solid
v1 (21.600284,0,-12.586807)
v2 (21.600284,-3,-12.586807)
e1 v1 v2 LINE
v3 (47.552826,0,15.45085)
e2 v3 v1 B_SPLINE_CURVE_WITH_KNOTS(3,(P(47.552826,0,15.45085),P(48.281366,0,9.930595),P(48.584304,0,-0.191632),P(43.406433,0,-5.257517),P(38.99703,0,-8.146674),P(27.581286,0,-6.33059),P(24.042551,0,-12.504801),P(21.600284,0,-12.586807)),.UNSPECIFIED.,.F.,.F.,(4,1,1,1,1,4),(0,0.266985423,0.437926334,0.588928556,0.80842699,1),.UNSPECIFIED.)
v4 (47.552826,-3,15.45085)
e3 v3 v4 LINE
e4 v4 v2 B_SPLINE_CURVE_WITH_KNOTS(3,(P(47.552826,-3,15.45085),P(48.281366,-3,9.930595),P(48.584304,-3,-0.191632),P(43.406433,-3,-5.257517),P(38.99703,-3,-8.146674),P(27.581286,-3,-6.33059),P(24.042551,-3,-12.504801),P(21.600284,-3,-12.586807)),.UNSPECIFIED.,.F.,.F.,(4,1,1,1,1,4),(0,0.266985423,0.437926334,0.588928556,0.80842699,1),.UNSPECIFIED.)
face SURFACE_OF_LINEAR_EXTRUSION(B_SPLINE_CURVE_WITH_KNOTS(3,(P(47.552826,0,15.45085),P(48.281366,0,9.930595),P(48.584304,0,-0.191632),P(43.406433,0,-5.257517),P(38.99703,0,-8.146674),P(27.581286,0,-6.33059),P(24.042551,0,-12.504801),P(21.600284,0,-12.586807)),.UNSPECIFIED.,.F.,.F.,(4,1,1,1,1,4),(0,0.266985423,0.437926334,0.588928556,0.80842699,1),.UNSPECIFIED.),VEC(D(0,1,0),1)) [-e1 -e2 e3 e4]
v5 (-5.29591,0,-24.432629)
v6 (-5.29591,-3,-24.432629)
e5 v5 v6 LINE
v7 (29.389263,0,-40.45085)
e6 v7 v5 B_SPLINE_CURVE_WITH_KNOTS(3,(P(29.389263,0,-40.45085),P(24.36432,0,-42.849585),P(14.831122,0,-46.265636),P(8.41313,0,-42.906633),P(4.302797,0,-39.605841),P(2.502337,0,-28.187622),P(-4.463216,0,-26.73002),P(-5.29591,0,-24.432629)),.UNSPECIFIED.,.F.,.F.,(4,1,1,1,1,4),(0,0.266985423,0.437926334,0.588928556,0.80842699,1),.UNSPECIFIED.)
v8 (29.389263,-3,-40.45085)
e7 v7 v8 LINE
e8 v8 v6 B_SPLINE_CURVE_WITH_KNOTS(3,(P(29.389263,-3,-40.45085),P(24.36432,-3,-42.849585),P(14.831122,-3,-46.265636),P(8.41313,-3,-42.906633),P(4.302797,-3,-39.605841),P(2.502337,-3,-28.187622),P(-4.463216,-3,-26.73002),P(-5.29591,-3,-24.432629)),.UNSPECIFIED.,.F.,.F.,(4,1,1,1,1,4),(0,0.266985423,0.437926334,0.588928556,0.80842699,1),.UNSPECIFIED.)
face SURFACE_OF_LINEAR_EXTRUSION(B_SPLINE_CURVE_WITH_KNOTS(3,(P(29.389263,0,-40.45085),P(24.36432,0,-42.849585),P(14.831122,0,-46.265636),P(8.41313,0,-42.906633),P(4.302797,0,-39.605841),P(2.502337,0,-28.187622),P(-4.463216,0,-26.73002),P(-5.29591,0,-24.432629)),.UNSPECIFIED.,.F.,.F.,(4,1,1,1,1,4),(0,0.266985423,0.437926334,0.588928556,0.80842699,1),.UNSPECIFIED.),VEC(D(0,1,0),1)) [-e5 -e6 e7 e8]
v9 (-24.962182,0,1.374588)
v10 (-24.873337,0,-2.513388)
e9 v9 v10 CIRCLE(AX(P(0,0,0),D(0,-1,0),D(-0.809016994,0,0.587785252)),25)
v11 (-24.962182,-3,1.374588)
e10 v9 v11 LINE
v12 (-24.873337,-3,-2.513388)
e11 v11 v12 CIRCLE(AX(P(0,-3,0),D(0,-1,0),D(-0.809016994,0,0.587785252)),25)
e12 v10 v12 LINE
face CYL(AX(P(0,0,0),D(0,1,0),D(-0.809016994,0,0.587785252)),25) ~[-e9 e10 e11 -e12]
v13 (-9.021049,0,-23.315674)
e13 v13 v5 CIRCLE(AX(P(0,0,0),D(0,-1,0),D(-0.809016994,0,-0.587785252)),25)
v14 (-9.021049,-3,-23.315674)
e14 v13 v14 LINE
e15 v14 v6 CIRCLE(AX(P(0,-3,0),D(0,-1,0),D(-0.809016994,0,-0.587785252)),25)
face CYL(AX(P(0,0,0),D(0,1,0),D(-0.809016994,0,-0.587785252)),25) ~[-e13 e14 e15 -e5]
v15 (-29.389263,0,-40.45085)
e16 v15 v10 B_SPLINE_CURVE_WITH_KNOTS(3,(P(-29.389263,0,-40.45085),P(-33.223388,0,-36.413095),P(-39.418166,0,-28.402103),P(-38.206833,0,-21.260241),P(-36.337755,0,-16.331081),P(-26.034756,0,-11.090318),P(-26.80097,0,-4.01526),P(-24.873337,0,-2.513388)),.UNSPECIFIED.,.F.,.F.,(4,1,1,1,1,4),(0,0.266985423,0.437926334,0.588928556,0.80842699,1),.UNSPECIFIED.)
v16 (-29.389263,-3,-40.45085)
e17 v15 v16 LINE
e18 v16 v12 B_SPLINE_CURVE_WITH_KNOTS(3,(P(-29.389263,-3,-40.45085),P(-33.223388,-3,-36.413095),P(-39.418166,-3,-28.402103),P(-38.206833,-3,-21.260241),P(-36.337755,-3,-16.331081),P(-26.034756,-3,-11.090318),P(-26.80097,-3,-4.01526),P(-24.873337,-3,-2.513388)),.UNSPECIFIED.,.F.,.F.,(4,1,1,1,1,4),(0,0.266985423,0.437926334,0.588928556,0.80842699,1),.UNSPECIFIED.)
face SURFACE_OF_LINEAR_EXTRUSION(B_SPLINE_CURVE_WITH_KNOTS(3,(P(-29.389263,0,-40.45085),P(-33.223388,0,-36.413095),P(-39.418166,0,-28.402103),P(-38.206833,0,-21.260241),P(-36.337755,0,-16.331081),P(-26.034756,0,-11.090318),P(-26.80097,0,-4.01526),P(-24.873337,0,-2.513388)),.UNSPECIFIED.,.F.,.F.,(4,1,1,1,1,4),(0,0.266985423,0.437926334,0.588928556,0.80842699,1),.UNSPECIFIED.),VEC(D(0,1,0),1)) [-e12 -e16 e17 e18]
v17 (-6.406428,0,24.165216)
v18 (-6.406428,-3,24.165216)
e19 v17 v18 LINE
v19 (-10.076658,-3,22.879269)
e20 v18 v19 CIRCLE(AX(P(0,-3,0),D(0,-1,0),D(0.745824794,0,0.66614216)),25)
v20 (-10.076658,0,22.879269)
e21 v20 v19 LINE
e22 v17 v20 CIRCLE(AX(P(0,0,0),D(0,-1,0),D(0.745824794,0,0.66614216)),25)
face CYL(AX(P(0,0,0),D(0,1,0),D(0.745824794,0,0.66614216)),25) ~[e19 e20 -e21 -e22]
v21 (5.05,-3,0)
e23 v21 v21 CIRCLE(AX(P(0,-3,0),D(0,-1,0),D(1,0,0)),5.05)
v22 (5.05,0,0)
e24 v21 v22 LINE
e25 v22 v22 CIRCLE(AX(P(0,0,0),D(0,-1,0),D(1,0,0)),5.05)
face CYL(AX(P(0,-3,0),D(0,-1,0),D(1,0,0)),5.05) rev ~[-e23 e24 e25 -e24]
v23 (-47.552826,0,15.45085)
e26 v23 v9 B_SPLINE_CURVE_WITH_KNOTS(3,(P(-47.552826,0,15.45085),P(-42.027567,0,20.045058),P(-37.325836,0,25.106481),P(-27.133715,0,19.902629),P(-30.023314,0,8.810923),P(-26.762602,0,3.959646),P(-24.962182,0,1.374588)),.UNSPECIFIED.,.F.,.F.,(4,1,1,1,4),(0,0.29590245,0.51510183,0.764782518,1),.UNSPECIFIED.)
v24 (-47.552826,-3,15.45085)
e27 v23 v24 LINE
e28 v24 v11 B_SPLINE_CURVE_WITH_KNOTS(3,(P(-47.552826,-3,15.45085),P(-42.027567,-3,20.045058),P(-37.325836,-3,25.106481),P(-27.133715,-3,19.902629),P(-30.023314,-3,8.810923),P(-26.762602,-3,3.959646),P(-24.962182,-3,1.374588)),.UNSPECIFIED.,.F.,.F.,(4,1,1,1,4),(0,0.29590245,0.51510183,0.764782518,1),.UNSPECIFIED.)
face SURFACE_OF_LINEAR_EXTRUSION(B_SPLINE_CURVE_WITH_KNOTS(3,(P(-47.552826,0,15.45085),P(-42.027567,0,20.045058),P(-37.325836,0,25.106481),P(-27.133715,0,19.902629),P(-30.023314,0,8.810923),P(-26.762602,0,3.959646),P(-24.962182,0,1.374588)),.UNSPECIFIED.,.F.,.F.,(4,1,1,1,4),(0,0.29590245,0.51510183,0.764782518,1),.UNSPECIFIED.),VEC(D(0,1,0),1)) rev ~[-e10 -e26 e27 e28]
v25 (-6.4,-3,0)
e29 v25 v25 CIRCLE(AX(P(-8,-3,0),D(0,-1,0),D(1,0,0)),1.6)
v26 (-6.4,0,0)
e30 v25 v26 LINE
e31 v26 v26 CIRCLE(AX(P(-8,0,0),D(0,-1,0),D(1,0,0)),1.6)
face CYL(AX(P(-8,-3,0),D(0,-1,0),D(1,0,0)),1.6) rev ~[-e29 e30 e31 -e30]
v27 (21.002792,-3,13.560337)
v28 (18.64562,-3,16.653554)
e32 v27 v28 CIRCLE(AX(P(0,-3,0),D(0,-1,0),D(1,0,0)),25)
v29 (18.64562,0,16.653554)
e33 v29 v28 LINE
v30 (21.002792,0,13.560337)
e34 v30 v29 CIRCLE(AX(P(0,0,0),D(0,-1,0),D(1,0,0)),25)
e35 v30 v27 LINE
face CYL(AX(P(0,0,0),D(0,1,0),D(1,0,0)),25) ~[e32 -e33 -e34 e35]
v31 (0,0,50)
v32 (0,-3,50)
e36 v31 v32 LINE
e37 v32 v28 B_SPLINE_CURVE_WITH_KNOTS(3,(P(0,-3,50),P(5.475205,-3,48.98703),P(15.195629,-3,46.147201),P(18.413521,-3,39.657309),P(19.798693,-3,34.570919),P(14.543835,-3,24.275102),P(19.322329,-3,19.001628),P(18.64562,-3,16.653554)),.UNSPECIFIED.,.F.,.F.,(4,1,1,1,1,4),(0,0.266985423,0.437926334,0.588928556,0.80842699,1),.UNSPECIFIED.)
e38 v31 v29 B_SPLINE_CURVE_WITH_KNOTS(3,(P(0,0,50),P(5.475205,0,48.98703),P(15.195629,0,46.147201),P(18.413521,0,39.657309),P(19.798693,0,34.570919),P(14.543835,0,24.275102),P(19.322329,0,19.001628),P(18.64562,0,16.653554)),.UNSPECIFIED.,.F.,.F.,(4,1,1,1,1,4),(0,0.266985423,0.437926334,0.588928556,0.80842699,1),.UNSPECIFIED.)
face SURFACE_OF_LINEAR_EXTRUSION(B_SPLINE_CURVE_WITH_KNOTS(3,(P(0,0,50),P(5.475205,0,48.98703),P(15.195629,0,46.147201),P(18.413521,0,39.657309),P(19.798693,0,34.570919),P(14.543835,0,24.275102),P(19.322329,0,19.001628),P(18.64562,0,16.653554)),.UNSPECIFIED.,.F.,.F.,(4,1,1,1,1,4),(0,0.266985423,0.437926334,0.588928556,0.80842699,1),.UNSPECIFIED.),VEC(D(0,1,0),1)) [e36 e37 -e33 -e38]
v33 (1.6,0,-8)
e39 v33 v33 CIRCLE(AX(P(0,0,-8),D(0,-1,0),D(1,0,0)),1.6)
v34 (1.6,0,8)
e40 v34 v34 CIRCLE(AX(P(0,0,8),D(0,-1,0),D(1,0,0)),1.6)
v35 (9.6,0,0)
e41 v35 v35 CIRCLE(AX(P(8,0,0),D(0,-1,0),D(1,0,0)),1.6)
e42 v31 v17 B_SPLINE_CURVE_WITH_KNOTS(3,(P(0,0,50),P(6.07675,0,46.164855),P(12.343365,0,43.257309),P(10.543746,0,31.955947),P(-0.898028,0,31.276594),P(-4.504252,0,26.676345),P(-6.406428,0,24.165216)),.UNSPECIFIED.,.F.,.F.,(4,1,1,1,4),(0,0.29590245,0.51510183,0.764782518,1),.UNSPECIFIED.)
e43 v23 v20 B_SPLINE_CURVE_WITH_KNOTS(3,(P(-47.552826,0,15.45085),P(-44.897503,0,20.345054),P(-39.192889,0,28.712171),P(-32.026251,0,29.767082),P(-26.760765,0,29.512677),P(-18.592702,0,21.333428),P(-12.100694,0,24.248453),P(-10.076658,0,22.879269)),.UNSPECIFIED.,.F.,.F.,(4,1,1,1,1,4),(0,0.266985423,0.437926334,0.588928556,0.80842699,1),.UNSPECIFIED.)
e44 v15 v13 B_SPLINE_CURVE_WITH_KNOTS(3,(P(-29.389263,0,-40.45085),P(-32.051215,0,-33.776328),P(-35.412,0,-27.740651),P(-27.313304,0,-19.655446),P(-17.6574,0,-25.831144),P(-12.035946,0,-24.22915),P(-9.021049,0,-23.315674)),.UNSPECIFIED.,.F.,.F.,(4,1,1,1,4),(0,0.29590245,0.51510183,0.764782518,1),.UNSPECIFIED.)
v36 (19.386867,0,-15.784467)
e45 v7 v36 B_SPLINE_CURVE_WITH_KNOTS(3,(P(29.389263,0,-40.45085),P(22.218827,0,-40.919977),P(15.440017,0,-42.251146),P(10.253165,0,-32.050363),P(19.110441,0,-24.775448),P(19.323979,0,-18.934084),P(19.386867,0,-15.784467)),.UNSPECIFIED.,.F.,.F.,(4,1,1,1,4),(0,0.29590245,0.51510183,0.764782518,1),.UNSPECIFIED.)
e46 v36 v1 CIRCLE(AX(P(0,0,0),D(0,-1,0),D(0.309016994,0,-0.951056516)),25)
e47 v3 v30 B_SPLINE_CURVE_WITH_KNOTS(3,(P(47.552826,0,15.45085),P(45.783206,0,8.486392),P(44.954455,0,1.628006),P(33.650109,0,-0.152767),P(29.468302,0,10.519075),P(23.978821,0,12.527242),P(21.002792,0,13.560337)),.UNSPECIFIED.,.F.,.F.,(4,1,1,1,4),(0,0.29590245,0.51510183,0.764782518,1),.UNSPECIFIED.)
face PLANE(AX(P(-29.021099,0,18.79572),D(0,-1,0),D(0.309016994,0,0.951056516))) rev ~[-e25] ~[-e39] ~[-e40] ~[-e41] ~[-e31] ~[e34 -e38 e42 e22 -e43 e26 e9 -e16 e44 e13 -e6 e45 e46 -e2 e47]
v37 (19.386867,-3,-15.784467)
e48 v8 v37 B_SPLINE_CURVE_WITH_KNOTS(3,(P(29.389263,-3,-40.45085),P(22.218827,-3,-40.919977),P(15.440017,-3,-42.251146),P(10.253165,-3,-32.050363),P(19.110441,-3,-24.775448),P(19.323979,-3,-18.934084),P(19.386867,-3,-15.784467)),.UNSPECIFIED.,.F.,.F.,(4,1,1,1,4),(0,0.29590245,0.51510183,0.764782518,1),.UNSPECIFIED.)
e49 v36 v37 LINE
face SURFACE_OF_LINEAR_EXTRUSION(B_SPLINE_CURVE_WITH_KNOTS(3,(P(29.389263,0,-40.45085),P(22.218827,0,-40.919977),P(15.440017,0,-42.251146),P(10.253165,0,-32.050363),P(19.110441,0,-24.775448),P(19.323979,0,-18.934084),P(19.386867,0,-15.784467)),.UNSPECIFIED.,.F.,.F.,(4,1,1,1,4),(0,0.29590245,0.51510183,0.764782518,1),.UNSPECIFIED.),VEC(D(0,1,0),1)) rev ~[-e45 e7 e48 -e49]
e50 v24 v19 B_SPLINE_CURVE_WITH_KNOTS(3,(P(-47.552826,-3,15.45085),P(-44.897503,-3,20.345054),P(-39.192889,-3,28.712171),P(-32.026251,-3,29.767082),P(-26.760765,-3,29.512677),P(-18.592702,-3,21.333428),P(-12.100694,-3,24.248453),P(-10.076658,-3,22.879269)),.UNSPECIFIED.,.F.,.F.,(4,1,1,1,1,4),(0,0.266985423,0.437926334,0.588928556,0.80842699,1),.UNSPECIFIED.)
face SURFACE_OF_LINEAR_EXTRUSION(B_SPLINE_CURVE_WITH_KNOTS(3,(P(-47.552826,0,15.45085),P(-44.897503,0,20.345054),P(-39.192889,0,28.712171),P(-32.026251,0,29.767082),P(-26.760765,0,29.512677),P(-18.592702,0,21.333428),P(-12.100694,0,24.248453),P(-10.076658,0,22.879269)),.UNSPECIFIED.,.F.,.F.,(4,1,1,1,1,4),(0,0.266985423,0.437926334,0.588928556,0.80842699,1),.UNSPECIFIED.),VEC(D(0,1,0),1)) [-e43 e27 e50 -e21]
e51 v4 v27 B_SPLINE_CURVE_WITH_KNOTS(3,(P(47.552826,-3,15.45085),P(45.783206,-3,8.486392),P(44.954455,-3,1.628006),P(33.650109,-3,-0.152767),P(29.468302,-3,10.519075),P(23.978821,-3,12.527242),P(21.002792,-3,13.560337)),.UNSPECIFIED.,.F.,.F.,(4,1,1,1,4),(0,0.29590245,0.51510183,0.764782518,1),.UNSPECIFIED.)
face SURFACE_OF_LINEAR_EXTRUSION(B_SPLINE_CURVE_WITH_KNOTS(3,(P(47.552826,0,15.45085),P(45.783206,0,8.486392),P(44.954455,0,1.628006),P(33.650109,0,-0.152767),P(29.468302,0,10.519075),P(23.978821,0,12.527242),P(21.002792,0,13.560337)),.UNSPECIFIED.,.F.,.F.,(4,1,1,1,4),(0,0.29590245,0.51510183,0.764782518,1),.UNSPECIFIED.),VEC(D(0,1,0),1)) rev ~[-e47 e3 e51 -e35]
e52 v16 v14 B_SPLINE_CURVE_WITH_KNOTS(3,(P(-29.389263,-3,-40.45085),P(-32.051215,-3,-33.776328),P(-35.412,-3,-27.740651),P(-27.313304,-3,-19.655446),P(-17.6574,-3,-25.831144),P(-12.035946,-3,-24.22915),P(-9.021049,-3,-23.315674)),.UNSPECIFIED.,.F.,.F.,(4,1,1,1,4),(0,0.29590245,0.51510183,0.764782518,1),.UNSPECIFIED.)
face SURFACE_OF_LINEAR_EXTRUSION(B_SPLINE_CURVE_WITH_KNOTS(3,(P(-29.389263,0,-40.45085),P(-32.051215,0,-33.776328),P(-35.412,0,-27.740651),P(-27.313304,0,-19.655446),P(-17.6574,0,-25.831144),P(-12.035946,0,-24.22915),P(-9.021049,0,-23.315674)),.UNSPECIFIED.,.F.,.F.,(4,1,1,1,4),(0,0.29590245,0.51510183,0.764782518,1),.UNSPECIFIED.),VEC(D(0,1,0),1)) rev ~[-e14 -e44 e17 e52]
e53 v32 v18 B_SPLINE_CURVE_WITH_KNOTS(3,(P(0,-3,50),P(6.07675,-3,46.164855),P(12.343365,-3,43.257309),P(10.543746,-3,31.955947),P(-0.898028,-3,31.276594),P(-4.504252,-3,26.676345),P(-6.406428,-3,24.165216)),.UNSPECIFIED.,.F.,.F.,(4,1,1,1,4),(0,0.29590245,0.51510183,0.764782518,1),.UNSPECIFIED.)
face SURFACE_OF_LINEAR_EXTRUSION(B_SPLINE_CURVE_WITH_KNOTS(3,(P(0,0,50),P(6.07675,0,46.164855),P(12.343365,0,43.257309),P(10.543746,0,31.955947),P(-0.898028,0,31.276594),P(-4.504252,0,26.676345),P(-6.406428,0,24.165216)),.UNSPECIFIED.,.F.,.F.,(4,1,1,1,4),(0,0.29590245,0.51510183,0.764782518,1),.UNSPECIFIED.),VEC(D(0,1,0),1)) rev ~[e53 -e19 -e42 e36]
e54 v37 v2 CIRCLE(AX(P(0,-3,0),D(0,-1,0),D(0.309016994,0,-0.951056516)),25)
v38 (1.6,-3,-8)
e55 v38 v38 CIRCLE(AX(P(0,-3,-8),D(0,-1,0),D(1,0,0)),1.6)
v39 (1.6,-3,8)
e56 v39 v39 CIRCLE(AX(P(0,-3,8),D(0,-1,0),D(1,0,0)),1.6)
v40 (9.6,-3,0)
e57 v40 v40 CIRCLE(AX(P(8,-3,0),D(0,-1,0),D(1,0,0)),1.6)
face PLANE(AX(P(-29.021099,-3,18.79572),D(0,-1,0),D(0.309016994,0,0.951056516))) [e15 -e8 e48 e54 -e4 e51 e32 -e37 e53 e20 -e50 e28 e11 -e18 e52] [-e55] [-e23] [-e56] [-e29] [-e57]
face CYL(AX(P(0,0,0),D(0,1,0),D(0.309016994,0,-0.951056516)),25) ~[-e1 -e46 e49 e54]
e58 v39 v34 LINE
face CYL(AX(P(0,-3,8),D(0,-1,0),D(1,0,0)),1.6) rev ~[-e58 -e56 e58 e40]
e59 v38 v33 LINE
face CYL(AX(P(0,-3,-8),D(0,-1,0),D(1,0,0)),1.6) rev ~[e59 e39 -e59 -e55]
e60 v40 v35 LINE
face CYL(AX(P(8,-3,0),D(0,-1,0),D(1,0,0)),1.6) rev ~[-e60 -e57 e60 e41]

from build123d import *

# Parameters (mm, degrees)
F1_DEPTH = 3
F3_COUNT = 5
F4_R     = 1.6
F4_R_2   = 5.05
F5_DEPTH = 3


with BuildPart() as f1:
    # F0 (on Front) → F1 (new body)
    with BuildSketch(Plane.XZ):
        with BuildLine():
            ThreePointArc((-6.4064275077, 24.1652164606), (7.1802315771, 23.9466965258), (18.6456198428, 16.6535539954))
            add(Edge.make_bspline(
                [(0, 50), (5.4752053314, 48.9870299865), (15.1956288518, 46.1472010196), (18.4135211284, 39.657308755), (19.7986928673, 34.5709188014), (14.5438348398, 24.2751019543), (19.322329273, 19.0016283629), (18.6456198428, 16.6535539954)],
                knots=[0, 0, 0, 0, 0.2669854229, 0.4379263337, 0.5889285558, 0.8084269905, 1, 1, 1, 1], degree=3))
            add(Edge.make_bspline(
                [(0, 50), (6.0767503455, 46.164855361), (12.3433645668, 43.2573090849), (10.5437457987, 31.9559472859), (-0.898028492, 31.2765938229), (-4.5042521994, 26.6763451486), (-6.4064275077, 24.1652164606)],
                knots=[0, 0, 0, 0, 0.29590245, 0.5151018296, 0.7647825177, 1, 1, 1, 1], degree=3))
        make_face()
        with BuildLine():
            ThreePointArc((-6.4064275077, 24.1652164606), (-15.2453158758, -19.8136403482), (25, 0))
            ThreePointArc((25, 0), (23.3574452378, 8.9123370653), (18.6456198428, 16.6535539954))
            ThreePointArc((18.6456198428, 16.6535539954), (7.1802315771, 23.9466965258), (-6.4064275077, 24.1652164606))
        make_face()
    extrude(amount=F1_DEPTH)

    # F3: F1 ×5 about axis
    f3_axis = Axis((0, 4.5021800324, 0), (0, 1, 0))


with BuildPart() as f1_1:
    add(f1.part)
    for i in range(1, F3_COUNT):
        add(f1.part.rotate(f3_axis, i * 360 / F3_COUNT))

    # F4 (on face) → F5 (cut, through all)
    with BuildSketch(Plane.XZ.offset(3)):
        with Locations((0, 8)):
            Circle(F4_R)
        with Locations((-8, 0)):
            Circle(F4_R)
        with Locations((0, -8)):
            Circle(F4_R)
        with Locations((8, 0)):
            Circle(F4_R)
        Circle(F4_R_2)
    extrude(amount=-F5_DEPTH, mode=Mode.SUBTRACT)


solid = f1_1.part
